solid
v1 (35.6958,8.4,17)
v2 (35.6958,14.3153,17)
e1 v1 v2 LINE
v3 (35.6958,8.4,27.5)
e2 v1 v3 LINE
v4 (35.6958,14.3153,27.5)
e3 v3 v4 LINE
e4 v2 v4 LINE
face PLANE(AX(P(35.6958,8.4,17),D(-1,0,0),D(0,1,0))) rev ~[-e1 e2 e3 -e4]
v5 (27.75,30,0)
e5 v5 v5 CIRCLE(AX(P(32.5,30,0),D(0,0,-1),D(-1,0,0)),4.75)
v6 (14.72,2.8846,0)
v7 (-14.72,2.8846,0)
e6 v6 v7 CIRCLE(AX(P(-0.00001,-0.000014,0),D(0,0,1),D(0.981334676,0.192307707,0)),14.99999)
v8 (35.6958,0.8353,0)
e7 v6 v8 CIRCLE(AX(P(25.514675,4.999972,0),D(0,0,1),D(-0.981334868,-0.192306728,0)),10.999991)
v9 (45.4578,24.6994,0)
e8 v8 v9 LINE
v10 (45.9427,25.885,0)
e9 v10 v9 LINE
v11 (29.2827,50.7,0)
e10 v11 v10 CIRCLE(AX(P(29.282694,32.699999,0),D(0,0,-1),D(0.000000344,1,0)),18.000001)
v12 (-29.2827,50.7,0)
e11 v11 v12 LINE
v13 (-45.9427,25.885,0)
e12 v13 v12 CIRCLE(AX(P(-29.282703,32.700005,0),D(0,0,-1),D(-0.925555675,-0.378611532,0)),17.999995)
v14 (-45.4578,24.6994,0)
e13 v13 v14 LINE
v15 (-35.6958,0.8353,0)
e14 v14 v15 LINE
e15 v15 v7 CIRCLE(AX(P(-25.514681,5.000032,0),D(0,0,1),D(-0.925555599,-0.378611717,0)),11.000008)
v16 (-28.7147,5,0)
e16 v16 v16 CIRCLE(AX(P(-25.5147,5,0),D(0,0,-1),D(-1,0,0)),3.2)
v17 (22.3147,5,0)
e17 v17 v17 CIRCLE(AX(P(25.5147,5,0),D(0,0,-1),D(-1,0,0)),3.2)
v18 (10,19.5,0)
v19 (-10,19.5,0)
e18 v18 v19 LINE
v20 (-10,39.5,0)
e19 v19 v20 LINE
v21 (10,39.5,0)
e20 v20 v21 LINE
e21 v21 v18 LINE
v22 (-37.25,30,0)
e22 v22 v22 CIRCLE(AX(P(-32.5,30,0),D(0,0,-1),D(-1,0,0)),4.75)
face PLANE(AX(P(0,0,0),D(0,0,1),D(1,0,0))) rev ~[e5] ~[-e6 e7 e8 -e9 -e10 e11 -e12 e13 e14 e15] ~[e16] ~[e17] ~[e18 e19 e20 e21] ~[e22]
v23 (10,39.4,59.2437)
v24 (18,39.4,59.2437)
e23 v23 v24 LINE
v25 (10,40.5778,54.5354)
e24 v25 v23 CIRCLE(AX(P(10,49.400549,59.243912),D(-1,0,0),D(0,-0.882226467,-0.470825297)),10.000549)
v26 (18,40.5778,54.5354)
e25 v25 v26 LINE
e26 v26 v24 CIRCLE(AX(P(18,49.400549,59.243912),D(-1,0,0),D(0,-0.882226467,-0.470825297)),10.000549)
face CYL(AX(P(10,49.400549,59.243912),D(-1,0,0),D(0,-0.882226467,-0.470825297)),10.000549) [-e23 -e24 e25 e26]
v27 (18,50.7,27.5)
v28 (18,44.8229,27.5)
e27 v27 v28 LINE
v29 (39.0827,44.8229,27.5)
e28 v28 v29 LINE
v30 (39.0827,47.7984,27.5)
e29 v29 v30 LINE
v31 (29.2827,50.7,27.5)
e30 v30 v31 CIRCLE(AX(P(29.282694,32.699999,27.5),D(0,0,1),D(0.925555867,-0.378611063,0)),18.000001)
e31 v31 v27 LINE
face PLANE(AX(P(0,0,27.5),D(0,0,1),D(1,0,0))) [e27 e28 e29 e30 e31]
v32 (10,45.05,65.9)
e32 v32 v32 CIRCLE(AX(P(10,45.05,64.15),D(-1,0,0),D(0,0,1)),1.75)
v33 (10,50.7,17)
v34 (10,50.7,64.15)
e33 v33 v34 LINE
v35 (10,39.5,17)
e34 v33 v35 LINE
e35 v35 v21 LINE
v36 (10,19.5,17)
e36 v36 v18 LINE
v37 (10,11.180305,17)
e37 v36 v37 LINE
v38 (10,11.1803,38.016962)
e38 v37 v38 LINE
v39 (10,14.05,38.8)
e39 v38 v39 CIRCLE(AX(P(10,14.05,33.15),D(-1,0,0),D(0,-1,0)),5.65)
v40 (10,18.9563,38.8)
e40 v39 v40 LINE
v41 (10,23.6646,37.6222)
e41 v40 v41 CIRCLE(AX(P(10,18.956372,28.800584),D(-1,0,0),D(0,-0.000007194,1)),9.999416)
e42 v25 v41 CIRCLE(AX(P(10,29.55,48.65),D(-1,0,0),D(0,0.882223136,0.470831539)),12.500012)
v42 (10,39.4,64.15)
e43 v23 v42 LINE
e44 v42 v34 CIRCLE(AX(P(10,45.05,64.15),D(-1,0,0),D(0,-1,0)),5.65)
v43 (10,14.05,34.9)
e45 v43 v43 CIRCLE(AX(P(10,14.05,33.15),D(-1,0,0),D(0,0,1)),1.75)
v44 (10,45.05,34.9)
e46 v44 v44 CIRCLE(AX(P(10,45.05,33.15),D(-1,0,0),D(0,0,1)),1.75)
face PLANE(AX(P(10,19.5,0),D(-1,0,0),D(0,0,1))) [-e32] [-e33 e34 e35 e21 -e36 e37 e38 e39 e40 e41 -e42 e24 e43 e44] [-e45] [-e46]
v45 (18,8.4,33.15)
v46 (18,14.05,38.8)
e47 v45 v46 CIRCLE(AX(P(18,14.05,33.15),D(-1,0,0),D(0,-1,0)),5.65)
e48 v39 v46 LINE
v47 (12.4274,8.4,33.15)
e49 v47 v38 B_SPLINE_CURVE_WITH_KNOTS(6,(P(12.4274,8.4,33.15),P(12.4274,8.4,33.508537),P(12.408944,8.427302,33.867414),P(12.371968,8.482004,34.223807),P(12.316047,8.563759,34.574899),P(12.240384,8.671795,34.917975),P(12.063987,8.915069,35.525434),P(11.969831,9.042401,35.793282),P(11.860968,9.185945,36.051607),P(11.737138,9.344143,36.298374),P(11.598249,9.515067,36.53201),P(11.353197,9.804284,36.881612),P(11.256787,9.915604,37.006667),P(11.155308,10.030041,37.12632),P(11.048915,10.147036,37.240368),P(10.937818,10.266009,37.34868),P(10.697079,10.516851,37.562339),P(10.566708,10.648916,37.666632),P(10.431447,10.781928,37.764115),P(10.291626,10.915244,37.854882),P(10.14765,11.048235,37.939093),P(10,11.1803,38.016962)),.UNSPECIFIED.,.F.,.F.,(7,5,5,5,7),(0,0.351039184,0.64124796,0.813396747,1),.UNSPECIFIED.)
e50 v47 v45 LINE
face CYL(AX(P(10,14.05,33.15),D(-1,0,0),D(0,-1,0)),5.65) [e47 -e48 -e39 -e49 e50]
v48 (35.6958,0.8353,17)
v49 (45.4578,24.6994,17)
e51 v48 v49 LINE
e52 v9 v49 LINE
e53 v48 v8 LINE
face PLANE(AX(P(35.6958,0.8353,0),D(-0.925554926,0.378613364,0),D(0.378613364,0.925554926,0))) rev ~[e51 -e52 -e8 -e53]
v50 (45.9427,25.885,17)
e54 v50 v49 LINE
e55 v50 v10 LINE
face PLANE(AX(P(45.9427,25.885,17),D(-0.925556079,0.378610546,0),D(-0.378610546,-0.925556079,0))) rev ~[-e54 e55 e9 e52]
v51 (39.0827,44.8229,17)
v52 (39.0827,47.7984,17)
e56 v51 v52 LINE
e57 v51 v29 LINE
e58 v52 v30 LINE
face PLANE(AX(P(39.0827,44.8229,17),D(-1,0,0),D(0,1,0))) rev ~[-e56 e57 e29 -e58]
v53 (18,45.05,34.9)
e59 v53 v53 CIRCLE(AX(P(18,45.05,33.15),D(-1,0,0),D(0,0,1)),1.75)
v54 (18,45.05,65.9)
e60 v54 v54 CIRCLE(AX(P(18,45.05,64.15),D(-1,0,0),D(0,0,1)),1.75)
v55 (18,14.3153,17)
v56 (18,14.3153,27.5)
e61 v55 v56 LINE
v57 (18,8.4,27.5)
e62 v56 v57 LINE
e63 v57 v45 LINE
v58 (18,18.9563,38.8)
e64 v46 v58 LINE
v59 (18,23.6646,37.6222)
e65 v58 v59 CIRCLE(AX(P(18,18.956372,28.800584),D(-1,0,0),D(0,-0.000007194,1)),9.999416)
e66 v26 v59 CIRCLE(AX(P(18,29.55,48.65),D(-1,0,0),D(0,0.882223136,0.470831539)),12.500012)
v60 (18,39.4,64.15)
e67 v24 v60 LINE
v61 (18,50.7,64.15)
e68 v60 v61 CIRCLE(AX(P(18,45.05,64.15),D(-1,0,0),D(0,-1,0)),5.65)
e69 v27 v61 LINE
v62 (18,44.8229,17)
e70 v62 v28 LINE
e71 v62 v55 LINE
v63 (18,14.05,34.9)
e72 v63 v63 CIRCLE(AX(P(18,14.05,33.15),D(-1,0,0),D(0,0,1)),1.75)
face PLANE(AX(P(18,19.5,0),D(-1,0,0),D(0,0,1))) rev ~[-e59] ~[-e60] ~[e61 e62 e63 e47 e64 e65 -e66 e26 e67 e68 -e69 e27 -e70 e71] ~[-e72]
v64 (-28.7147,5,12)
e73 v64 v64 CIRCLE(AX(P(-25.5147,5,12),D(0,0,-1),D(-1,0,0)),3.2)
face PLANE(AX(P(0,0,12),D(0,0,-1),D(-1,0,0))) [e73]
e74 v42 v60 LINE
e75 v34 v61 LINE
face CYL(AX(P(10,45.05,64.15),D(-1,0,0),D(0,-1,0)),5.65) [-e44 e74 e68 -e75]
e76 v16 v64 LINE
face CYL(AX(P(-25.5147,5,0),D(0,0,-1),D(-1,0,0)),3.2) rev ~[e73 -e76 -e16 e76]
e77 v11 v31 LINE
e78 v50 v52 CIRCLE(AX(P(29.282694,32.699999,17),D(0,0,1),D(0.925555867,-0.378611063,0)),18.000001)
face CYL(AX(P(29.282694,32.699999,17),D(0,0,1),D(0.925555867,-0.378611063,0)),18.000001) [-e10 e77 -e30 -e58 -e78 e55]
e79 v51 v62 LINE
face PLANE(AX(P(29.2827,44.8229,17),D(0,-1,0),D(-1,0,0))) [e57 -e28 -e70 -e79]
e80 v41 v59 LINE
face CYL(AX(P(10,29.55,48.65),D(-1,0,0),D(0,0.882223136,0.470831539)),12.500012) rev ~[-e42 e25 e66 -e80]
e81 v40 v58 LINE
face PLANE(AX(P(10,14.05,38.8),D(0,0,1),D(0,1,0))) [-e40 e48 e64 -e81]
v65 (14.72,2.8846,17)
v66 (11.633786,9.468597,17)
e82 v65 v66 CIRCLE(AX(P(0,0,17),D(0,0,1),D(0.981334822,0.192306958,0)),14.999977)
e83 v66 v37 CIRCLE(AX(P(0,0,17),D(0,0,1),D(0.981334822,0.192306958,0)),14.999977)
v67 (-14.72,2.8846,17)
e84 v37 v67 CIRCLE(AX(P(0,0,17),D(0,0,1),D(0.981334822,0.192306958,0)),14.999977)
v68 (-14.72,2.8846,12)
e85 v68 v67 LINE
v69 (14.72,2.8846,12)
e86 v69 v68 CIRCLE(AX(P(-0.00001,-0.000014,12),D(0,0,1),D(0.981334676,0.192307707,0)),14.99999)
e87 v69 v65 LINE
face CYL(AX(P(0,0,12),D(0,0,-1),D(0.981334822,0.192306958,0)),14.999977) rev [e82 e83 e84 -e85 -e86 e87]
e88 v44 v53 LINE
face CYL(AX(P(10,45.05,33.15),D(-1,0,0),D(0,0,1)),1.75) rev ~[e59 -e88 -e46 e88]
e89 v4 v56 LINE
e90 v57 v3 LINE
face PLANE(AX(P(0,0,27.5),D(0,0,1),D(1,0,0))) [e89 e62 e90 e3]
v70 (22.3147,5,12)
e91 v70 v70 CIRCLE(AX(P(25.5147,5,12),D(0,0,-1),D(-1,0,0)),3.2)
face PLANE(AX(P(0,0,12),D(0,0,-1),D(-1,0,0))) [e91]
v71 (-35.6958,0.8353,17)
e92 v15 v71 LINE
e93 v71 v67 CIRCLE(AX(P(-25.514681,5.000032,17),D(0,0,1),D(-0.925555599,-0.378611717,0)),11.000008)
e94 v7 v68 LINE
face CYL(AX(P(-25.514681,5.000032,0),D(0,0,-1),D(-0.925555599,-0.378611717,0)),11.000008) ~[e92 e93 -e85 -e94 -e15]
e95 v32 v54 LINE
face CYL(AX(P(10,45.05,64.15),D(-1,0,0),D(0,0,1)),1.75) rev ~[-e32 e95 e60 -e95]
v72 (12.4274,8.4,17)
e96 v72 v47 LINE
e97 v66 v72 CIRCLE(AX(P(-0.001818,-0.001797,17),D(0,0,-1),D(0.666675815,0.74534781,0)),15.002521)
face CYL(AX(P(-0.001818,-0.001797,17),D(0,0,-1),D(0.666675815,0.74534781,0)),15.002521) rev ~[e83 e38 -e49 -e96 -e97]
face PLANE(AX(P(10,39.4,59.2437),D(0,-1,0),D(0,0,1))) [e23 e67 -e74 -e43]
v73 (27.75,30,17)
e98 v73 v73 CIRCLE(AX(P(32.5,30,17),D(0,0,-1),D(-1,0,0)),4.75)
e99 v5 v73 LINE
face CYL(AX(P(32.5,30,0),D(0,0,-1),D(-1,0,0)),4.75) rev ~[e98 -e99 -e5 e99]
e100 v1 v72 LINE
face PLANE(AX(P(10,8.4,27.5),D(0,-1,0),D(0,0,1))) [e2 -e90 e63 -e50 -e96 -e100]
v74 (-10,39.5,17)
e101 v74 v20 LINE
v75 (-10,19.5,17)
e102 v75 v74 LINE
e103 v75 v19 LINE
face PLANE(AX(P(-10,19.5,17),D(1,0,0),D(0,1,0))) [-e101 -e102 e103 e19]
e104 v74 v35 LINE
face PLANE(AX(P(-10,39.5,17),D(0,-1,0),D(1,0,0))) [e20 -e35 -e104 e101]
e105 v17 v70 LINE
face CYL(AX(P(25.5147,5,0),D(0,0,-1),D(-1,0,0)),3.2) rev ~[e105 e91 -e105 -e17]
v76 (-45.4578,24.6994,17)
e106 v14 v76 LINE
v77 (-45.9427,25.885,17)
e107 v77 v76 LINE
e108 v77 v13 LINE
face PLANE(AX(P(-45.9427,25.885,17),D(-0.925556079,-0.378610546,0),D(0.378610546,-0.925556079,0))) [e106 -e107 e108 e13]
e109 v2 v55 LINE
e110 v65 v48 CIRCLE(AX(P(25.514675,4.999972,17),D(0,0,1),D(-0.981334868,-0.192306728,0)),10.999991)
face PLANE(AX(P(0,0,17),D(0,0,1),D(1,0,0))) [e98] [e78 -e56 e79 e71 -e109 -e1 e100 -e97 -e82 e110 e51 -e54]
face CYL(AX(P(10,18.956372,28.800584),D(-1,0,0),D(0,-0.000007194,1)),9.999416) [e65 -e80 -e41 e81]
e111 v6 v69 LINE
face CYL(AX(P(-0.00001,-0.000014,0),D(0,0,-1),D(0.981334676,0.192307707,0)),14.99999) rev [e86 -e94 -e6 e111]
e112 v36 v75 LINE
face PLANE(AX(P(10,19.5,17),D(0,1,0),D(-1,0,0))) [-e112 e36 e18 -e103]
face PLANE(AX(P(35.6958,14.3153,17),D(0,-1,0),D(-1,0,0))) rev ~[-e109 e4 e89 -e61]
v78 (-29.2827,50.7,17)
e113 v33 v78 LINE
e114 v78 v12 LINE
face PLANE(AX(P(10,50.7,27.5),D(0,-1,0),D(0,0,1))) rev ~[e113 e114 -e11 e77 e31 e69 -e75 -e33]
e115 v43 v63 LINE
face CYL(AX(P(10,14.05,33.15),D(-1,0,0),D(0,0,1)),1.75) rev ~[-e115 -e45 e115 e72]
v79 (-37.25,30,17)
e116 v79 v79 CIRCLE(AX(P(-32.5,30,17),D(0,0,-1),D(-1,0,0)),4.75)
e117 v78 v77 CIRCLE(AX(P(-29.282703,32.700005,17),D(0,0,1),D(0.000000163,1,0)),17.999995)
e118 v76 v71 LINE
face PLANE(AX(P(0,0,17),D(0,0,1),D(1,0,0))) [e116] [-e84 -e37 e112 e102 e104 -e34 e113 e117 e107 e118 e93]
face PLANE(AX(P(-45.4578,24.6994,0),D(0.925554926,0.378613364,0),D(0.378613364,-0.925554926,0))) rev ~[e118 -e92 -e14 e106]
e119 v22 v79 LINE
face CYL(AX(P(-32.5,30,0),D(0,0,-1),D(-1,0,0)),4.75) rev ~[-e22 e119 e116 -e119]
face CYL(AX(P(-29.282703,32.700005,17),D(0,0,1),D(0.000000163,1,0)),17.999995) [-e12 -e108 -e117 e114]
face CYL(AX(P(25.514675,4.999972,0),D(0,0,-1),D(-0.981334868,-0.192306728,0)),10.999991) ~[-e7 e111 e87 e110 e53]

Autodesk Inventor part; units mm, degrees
ref_plane "YZ Plane" through (0, 0, 0) normal (1, 0, 0) x (0, 1, 0)
ref_plane "XZ Plane" through (0, 0, 0) normal (0, 1, 0) x (-1, 0, 0)
ref_plane "XY Plane" through (0, 0, 0) normal (0, 0, 1) x (1, 0, 0)
sketch "Sketch1" plane through (0, 0, 0) normal (0, 0, 1) x (1, 0, 0)
  circle A0 centre (0, 0) radius 8
  circle A1 centre (25.5147, 5) radius 3
  circle A2 centre (-25.5147, 5) radius 3
  circle A3 centre (32.5, 30) radius 5
  circle A4 centre (-32.5, 30) radius 5
  arc A5 (45.4578, 24.6994) -> (32.5, 44) centre (32.5, 30) ccw
  arc A6 (-32.5, 44) -> (-45.4578, 24.6994) centre (-32.5, 30) ccw
  line L0 (-24.3676, 0) -> (22.7562, 0) construction
  line L1 (-38.3266, 30) -> (45.5284, 30) construction
  line L2 (-33.7528, 8) -> (48.0284, 8) construction
  circle A7 centre (-25.5147, 5) radius 6
  circle A8 centre (25.5147, 5) radius 6
  arc A9 (14.72, 2.8846) -> (-15, 0) centre (0, 0) ccw
  arc A10 (-35.6958, 0.8353) -> (-14.72, 2.8846) centre (-25.5147, 5) ccw
  arc A11 (14.72, 2.8846) -> (35.6958, 0.8353) centre (25.5147, 5) ccw
  line L3 (-45.4578, 24.6994) -> (-35.6958, 0.8353)
  line L4 (35.6958, 0.8353) -> (45.4578, 24.6994)
  line L5 (-32.5, 44) -> (32.5, 44)
  dimension "d0" = 65
  dimension "d1" = 32.5
  dimension "d2" = 10
  dimension "d3" = 10
  dimension "d4" = 6
  dimension "d5" = 6
  dimension "d6" = 28
  dimension "d7" = 28
  dimension "d14" = 16
  dimension "d16" = 15
  dimension "d18" = 12
  dimension "d19" = 12
  dimension "d20" = 30
  dimension "d33" = 30
  dimension "d34" = 15
extrude "Extrusion1" add sketch "Sketch1" along normal blind 12 contours L4 A11 A9 A10 L3 A6 L5 A5 | A7 | A8
sketch "Sketch2" plane through (0, 0, 12) normal (0, 0, 1) x (1, 0, 0)
  circle A0 centre (25.5147, 5) radius 3 projected
  circle A1 centre (-25.5147, 5) radius 3 projected
  circle A2 centre (-32.5, 30) radius 5 projected
  circle A3 centre (32.5, 30) radius 5 projected
  line L0 (-45.4578, 24.6994) -> (-35.6958, 0.8353) projected
  arc A4 (-35.6958, 0.8353) -> (-14.72, 2.8846) centre (-25.5147, 5) ccw projected
  arc A5 (14.72, 2.8846) -> (-14.72, 2.8846) centre (0, 0) ccw projected
  arc A6 (14.72, 2.8846) -> (35.6958, 0.8353) centre (25.5147, 5) ccw projected
  line L1 (35.6958, 0.8353) -> (45.4578, 24.6994) projected
  arc A7 (45.4578, 24.6994) -> (32.5, 44) centre (32.5, 30) ccw projected
  line L2 (32.5, 44) -> (-32.5, 44) projected
  arc A8 (-32.5, 44) -> (-45.4578, 24.6994) centre (-32.5, 30) ccw projected
  circle A9 centre (-32.5, 30) radius 5 projected
  circle A10 centre (-32.5, 30) radius 7.5
  circle A11 centre (32.5, 30) radius 5
extrude "Extrusion2" add sketch "Sketch2" along normal blind 5 contours A0 | A1 | A8 L2 A7 L1 A6 A5 A4 L0 | A10
sketch "Sketch3" plane through (0, 0, 17) normal (0, 0, 1) x (1, 0, 0)
  line L0 (-10, 39.5) -> (10, 39.5)
  line L1 (10, 39.5) -> (10, 19.5)
  line L2 (10, 19.5) -> (-10, 19.5)
  line L3 (-10, 19.5) -> (-10, 39.5)
  circle A0 centre (32.5, 30) radius 5 projected
  circle A1 centre (-32.5, 30) radius 5 projected
  line L4 (-45.4578, 24.6994) -> (-35.6958, 0.8353) projected
  arc A2 (-35.6958, 0.8353) -> (-14.72, 2.8846) centre (-25.5147, 5) ccw projected
  arc A3 (14.72, 2.8846) -> (-14.72, 2.8846) centre (0, 0) ccw projected
  arc A4 (14.72, 2.8846) -> (35.6958, 0.8353) centre (25.5147, 5) ccw projected
  line L5 (35.6958, 0.8353) -> (45.4578, 24.6994) projected
  arc A5 (45.4578, 24.6994) -> (32.5, 44) centre (32.5, 30) ccw projected
  line L6 (32.5, 44) -> (-32.5, 44) projected
  arc A6 (-32.5, 44) -> (-45.4578, 24.6994) centre (-32.5, 30) ccw projected
  dimension "d25" = 20
  dimension "d26" = 20
  dimension "d27" = 10
  dimension "d29" = 4.5
  dimension "d32" = 29
extrude "Extrusion3" cut sketch "Sketch3" against normal blind 17 contours L0 L1 L2 L3
sketch "Sketch7" plane through (0, 0, 17) normal (0, 0, 1) x (1, 0, 0)
  line L0 (-10, 19.5) -> (-10, 39.5) projected
  line L1 (-10, 39.5) -> (10, 39.5) projected
  line L2 (10, 39.5) -> (10, 19.5) projected
  line L3 (10, 19.5) -> (-10, 19.5) projected
  circle A0 centre (32.5, 30) radius 5 projected
  circle A1 centre (-32.5, 30) radius 5 projected
  line L4 (-45.4578, 24.6994) -> (-35.6958, 0.8353) projected
  arc A2 (-35.6958, 0.8353) -> (-14.72, 2.8846) centre (-25.5147, 5) ccw projected
  arc A3 (14.72, 2.8846) -> (-14.72, 2.8846) centre (0, 0) ccw projected
  arc A4 (14.72, 2.8846) -> (35.6958, 0.8353) centre (25.5147, 5) ccw projected
  line L5 (35.6958, 0.8353) -> (45.4578, 24.6994) projected
  arc A5 (45.4578, 24.6994) -> (32.5, 44) centre (32.5, 30) ccw projected
  line L6 (32.5, 44) -> (-32.5, 44) projected
  arc A6 (-32.5, 44) -> (-45.4578, 24.6994) centre (-32.5, 30) ccw projected
  line L7 (-32.5, 44) -> (32.5, 44)
  line L8 (32.5, 44) -> (32.5, 50.7)
  line L9 (29.2827, 50.7) -> (-29.2827, 50.7)
  line L10 (-32.5, 50.7) -> (-32.5, 44)
  line L11 (45.9427, 25.885) -> (35.6958, 0.8353)
  arc A7 (45.9427, 25.885) -> (29.2827, 50.7) centre (29.2827, 32.7) ccw
  line L12 (-45.9427, 25.885) -> (-35.6958, 0.8353)
  arc A8 (-29.2827, 50.7) -> (-45.9427, 25.885) centre (-29.2827, 32.7) ccw
  circle A9 centre (-32.5, 30) radius 5 projected
  arc A10 (-32.5, 44) -> (-45.4578, 24.6994) centre (-32.5, 30) ccw
  arc A11 (45.4578, 24.6994) -> (32.5, 44) centre (32.5, 30) ccw
  dimension "d55" = 6.7
  dimension "d56" = 18
  dimension "d57" = 18
extrude "Extrusion7" add sketch "Sketch7" against normal blind 17 contours L12 A8 L10 A6 | L10 A8 L9 A7 L8 L6 | L8 A7 L11 A5
sketch "Sketch8" plane through (0, 0, 17) normal (0, 0, 1) x (1, 0, 0)
  line L0 (-10, 19.5) -> (-10, 39.5) projected
  line L1 (-10, 39.5) -> (10, 39.5) projected
  line L2 (10, 39.5) -> (10, 19.5) projected
  line L3 (10, 19.5) -> (-10, 19.5) projected
  circle A0 centre (32.5, 30) radius 5 projected
  circle A1 centre (-32.5, 30) radius 5 projected
  line L4 (-45.9427, 25.885) -> (-35.6958, 0.8353) projected
  arc A2 (-35.6958, 0.8353) -> (-14.72, 2.8846) centre (-25.5147, 5) ccw projected
  arc A3 (14.72, 2.8846) -> (-14.72, 2.8846) centre (0, 0) ccw projected
  arc A4 (14.72, 2.8846) -> (35.6958, 0.8353) centre (25.5147, 5) ccw projected
  line L5 (35.6958, 0.8353) -> (45.9427, 25.885) projected
  arc A5 (45.9427, 25.885) -> (29.2827, 50.7) centre (29.2827, 32.7) ccw projected
  line L6 (29.2827, 50.7) -> (-29.2827, 50.7) projected
  arc A6 (-29.2827, 50.7) -> (-45.9427, 25.885) centre (-29.2827, 32.7) ccw projected
  line L7 (10, 50.7) -> (18, 50.7)
  line L8 (18, 50.7) -> (18, 8.4)
  line L9 (18, 8.4) -> (10, 8.4)
  line L10 (10, 8.4) -> (10, 50.7)
  line L11 (10, 39.5) -> (10, 19.5) projected
  line L12 (18, 50.7) -> (29.2827, 50.7)
  line L13 (29.2827, 50.7) -> (29.2827, 44.8229)
  line L14 (29.2827, 44.8229) -> (18, 44.8229)
  line L15 (18, 44.8229) -> (18, 50.7)
  line L16 (18, 8.4) -> (35.6958, 8.4)
  line L17 (35.6958, 8.4) -> (35.6958, 14.3153)
  line L18 (35.6958, 14.3153) -> (18, 14.3153)
  line L19 (18, 14.3153) -> (18, 8.4)
  line L20 (29.2827, 44.8229) -> (39.0827, 44.8229)
  line L21 (39.0827, 44.8229) -> (39.0827, 47.7984)
  arc A7 (39.0827, 47.7984) -> (29.2827, 50.7) centre (29.2827, 32.7) ccw
  dimension "d60" = 42.3
  dimension "d61" = 8
extrude "Extrusion8" add sketch "Sketch8" along normal blind 10.5 contours L2 L10 L6 L8 L9 A3 | A3 L9 L10 | L6 L13 L14 L8 | L8 L18 L17 L16 | A5 L21 L20 L13
sketch "Sketch9" plane through (10, 19.5, 0) normal (-1, 0, 0) x (0, 0, 1)
  line L0 (17, 20) -> (0, 20) projected
  line L1 (0, 0) -> (0, 20) projected
  line L2 (17, 0) -> (0, 0) projected
  line L3 (17, -8.3197) -> (17, 0) projected
  line L4 (17, -8.3197) -> (17, -11.1) projected
  line L5 (17, -11.1) -> (27.5, -11.1) projected
  line L6 (27.5, 31.2) -> (27.5, -11.1) projected
  line L7 (17, 31.2) -> (27.5, 31.2) projected
  line L8 (17, 20) -> (17, 31.2) projected
  arc A0 (54.5354, 21.0778) -> (37.6222, 4.1646) centre (48.65, 10.05) ccw
  circle A1 centre (33.15, 25.55) radius 1.75
  circle A2 centre (33.15, -5.45) radius 1.75
  circle A3 centre (64.15, 25.55) radius 1.75
  line L9 (27.5, 31.2) -> (69.8, 31.2)
  line L10 (59.2437, 19.9) -> (64.15, 19.9)
  arc A4 (64.15, 19.9) -> (64.15, 31.2) centre (64.15, 25.55) ccw
  arc A5 (33.15, -11.1) -> (38.8, -5.45) centre (33.15, -5.45) ccw
  line L11 (38.8, -5.45) -> (38.8, -0.5437)
  line L12 (27.5, -11.1) -> (33.15, -11.1)
  arc A6 (38.8, -0.5437) -> (37.6222, 4.1646) centre (28.8, -0.5437) ccw
  arc A7 (54.5354, 21.0778) -> (59.2437, 19.9) centre (59.2437, 29.9) ccw
  point P0 (0, -19.5)
  point P1 (56.3459, 19.9)
  point P2 (38.8, 2.3541)
  dimension "d64" = 25
  dimension "d65" = 21.15
  dimension "d66" = 21.15
  dimension "d67" = 5.65
  dimension "d68" = 5.65
  dimension "d69" = 5.65
  dimension "d70" = 5.65
  dimension "d71" = 5.65
  dimension "d72" = 31
  dimension "d73" = 3.5
  dimension "d74" = 3.5
  dimension "d75" = 3.5
  dimension "d76" = 42.3
  dimension "d77" = 5.65
  dimension "d78" = 11.3
  dimension "d79" = 10
  dimension "d80" = 10
extrude "Extrusion9" add sketch "Sketch9" against normal blind 8 contours L9 A4 L10 A7 A0 A6 L11 A5 L12 L6
sketch "Sketch10" plane through (0, 0, 17) normal (0, 0, -1) x (-1, 0, 0)
  arc A0 (-10, 11.1803) -> (-12.4274, 8.4) centre (0, 0) ccw
  line L0 (-12.4274, 8.4) -> (-10, 8.4)
  line L1 (-10, 8.4) -> (-10, 11.1803)
extrude "Extrusion10" cut sketch "Sketch10" against normal blind 41.25
sketch "Sketch11" plane through (0, 0, 0) normal (0, 0, -1) x (-1, 0, 0)
  line L0 (10, 39.5) -> (10, 19.5) projected
  line L1 (10, 19.5) -> (-10, 19.5) projected
  line L2 (-10, 19.5) -> (-10, 39.5) projected
  line L3 (-10, 39.5) -> (10, 39.5) projected
  circle A0 centre (-25.5147, 5) radius 3 projected
  circle A1 centre (25.5147, 5) radius 3 projected
  circle A2 centre (32.5, 30) radius 5 projected
  circle A3 centre (-32.5, 30) radius 5 projected
  line L4 (35.6958, 0.8353) -> (45.9427, 25.885) projected
  arc A4 (45.9427, 25.885) -> (29.2827, 50.7) centre (29.2827, 32.7) ccw projected
  line L5 (29.2827, 50.7) -> (-29.2827, 50.7) projected
  arc A5 (-29.2827, 50.7) -> (-45.9427, 25.885) centre (-29.2827, 32.7) ccw projected
  line L6 (-45.9427, 25.885) -> (-35.6958, 0.8353) projected
  arc A6 (-35.6958, 0.8353) -> (-14.72, 2.8846) centre (-25.5147, 5) ccw projected
  arc A7 (14.72, 2.8846) -> (-14.72, 2.8846) centre (0, 0) ccw projected
  arc A8 (14.72, 2.8846) -> (35.6958, 0.8353) centre (25.5147, 5) ccw projected
  circle A9 centre (-32.5, 30) radius 5
  circle A10 centre (-32.5, 30) radius 4.75
  circle A11 centre (32.5, 30) radius 5
  circle A12 centre (32.5, 30) radius 4.75
  circle A13 centre (25.5147, 5) radius 3.2
  circle A14 centre (-25.5147, 5) radius 3.2
  dimension "d91" = 10
  dimension "d92" = 9.5
  dimension "d93" = 10
  dimension "d94" = 9.5
  dimension "d95" = 6.4
  dimension "d96" = 6.4
extrude "Extrusion11" add sketch "Sketch11" against normal up to surface (17 mm away) contours A2 | A3
extrude "Extrusion12" cut sketch "Sketch11" against normal up to surface (12 mm away) contours A13 | A14
equation "\"d1\" = 0.5 * d0"
equation "\"d27\" = 0.5 * d26"
equation "\"d29\" = 0.5 * d32 - 0.5 * d25"
properties part number "BackStopper"
